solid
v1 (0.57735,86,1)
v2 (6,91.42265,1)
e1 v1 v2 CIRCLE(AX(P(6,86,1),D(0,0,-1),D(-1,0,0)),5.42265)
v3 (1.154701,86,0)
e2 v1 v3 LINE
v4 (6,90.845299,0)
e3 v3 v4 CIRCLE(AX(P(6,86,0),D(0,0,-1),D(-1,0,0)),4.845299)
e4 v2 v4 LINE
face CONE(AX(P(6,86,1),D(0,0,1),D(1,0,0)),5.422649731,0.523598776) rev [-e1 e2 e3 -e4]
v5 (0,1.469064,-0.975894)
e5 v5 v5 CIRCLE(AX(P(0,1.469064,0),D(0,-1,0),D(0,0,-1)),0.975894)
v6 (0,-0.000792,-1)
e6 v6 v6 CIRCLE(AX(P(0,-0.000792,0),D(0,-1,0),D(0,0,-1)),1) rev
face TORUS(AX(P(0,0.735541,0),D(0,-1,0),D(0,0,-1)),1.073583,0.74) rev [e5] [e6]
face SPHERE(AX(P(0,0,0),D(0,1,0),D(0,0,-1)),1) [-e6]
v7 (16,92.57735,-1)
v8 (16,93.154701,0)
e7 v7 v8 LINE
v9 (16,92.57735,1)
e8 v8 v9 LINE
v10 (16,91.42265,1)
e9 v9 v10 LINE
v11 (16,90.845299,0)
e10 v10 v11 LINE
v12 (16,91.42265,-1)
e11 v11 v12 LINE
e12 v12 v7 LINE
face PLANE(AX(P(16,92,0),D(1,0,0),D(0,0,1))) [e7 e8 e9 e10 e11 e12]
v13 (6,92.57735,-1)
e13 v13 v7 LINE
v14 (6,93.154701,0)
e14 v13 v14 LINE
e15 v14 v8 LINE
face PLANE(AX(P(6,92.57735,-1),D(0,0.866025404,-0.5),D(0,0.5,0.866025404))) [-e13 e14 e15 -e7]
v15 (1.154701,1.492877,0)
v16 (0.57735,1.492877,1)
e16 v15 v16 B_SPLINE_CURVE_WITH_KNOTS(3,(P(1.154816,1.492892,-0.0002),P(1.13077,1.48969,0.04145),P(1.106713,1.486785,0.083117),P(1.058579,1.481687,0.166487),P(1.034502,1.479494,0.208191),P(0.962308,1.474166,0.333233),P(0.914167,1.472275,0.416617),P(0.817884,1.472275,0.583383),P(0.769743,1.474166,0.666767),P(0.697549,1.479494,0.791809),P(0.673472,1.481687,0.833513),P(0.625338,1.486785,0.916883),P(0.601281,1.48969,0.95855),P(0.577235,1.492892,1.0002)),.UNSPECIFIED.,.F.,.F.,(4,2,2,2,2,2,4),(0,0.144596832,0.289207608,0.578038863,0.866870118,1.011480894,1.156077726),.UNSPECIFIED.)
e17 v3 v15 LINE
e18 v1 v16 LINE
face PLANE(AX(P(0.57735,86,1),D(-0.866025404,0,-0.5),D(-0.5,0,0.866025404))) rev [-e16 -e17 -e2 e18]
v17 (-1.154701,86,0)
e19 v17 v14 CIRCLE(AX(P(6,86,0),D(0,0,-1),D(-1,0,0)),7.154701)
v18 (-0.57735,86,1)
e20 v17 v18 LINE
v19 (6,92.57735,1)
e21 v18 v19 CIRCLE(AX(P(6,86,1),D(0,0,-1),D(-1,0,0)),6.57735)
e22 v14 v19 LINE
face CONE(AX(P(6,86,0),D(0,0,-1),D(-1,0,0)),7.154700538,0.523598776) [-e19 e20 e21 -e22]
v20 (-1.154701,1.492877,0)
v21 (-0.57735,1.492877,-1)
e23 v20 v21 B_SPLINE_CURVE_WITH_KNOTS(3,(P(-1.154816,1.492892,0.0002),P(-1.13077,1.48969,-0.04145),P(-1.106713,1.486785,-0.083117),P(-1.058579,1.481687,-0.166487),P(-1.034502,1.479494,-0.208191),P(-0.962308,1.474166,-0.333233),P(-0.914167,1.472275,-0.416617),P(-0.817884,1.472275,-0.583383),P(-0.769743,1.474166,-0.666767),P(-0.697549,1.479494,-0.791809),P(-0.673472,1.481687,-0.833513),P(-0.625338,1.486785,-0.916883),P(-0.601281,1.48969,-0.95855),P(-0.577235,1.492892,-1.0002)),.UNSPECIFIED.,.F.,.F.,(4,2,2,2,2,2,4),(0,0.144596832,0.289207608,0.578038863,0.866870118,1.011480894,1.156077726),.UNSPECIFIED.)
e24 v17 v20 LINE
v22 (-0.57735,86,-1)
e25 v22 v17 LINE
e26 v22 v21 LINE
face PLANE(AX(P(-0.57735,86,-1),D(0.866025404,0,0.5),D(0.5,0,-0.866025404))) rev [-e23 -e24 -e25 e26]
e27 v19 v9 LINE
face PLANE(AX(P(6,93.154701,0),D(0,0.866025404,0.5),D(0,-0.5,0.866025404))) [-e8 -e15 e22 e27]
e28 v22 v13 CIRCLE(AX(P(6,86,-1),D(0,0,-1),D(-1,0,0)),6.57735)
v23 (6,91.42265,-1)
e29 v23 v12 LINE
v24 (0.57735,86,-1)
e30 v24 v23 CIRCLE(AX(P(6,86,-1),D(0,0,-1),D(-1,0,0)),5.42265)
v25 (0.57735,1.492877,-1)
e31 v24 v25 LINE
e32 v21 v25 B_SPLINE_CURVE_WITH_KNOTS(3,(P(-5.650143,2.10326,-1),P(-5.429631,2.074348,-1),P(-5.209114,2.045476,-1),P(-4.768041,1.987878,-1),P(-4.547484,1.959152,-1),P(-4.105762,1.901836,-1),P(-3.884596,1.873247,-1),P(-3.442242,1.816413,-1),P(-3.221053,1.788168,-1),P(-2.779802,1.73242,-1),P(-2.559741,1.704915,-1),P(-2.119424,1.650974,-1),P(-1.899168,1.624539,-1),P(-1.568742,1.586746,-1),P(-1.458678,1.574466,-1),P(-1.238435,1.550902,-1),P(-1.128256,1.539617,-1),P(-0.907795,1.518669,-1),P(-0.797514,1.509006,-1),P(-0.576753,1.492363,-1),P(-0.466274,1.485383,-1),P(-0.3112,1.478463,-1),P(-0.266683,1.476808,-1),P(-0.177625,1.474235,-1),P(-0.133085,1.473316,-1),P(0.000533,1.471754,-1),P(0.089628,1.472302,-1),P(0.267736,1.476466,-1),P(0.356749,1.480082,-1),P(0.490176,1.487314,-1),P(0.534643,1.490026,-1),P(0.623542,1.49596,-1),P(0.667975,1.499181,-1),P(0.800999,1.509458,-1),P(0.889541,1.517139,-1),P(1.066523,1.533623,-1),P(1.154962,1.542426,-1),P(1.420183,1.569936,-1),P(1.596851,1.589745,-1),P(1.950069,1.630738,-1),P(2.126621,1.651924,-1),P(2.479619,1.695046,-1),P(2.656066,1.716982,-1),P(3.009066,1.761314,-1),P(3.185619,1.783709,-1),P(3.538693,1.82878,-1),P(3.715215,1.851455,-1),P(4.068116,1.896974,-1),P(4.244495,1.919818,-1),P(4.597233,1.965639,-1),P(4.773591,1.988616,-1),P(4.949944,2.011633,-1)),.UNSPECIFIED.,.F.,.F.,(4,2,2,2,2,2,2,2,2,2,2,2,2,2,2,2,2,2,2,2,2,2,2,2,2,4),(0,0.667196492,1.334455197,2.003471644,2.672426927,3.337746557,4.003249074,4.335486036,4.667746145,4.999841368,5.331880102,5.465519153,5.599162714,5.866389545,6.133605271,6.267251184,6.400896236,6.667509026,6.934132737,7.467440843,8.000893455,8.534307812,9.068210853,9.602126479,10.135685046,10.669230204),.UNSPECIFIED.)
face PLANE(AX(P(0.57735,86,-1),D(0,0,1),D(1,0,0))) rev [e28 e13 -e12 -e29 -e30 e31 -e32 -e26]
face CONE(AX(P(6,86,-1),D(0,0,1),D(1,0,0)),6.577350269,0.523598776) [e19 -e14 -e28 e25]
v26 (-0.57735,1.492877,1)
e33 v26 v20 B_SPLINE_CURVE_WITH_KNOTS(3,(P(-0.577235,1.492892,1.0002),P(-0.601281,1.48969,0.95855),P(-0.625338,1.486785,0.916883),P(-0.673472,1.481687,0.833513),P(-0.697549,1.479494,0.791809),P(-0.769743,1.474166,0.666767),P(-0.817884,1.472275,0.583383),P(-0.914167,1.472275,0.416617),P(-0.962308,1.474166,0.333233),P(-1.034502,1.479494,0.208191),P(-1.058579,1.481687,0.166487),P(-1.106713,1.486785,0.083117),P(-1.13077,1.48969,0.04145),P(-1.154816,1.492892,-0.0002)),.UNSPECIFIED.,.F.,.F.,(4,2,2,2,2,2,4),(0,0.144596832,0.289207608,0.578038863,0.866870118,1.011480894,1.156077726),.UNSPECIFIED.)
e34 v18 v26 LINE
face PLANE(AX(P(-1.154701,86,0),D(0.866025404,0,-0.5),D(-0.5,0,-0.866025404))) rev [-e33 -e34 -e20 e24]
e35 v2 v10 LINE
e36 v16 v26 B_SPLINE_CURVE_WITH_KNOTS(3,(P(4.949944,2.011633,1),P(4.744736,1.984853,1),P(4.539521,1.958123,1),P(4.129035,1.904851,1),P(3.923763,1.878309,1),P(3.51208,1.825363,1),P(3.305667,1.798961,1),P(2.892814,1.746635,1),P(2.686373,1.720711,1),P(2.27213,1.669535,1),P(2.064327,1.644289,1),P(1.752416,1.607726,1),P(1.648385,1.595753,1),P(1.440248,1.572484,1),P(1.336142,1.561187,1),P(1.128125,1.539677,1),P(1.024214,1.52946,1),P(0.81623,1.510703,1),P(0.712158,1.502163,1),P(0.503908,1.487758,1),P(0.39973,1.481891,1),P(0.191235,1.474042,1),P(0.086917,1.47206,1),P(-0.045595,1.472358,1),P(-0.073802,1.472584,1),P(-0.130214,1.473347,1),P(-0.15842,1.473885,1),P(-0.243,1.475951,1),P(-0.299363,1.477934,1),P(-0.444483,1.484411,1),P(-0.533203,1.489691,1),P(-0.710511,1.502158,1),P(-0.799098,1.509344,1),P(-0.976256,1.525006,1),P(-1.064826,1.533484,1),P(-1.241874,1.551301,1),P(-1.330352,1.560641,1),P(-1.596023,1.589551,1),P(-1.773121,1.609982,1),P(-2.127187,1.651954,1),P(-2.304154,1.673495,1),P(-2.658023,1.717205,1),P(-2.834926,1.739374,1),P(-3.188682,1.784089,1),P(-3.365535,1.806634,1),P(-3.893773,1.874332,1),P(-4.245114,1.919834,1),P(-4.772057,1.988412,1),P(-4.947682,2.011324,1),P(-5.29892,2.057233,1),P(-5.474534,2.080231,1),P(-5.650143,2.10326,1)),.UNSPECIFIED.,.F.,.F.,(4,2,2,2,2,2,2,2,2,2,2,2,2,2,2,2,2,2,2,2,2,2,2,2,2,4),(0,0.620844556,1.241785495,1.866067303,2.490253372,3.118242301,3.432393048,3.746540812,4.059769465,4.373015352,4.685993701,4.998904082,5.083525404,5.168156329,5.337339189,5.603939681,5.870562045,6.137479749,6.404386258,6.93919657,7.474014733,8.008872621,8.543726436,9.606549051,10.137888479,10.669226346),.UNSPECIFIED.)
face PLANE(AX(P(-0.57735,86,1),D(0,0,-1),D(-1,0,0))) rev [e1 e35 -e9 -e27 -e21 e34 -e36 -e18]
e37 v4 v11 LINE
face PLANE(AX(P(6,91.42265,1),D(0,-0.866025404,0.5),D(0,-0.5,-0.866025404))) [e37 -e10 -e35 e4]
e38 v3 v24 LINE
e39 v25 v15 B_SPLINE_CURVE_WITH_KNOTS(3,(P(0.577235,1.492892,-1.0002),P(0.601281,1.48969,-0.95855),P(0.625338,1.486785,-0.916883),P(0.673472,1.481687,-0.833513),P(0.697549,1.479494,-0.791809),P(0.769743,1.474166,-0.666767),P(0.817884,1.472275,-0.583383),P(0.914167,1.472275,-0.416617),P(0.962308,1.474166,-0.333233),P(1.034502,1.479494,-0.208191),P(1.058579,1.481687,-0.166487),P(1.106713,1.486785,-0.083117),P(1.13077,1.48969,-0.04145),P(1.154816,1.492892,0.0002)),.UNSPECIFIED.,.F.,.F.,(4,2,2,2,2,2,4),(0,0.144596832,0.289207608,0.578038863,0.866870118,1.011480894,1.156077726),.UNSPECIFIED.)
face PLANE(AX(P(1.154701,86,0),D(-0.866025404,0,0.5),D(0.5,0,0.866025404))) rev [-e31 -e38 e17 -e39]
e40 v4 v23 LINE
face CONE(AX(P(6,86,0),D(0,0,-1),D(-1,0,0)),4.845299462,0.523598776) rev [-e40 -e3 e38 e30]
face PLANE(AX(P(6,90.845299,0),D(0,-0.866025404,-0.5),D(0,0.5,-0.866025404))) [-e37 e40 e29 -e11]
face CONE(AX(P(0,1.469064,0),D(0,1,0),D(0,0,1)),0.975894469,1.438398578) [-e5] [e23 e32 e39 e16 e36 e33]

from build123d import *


with BuildPart() as part:
    # Austragung4: sweep along a path in Skizze1
    with BuildLine(Plane.XY) as austragung4_path:
        Line((0, 0), (0, 86))
        ThreePointArc((0, 86), (1.7573593128807152, 90.24264068711929), (6, 92.00000000000001))
        Line((6, 92.00000000000001), (16, 92))
    # Skizze3 → Austragung4 (sweep)
    with BuildSketch(Plane(origin=(0, 0, 0), x_dir=(1, 0, 0), z_dir=(0, 1, 0))):
        Polygon((-0.5773502691896251, 1), (-1.1547005383792512, -1.7e-16), (-0.577350269189625, -1.0000000000000009), (0.5773502691896264, -1.0000000000000007), (1.1547005383792524, -2.9e-16), (0.5773502691896265, 1), align=None)
    sweep(path=austragung4_path.line)

    # Skizze6 → Rotation5 (revolve)
    with BuildSketch(Plane(origin=(0, 0, 0), x_dir=(0, 0, -1), z_dir=(1, 0, 0))):
        with BuildLine():
            Line((1.08e-15, -1.0000000000000007), (1.08e-15, 1.0000000000000007))
            ThreePointArc((1.08e-15, 1.0000000000000007), (1.0000000000000007, 0), (1.08e-15, -1.0000000000000007))
        make_face()
    revolve(axis=Axis((0, 7.810357944094903, -1.48e-15), (0, -1, 0)))

    # Skizze8 → Schnitt-Rotation1 (revolve, cut)
    with BuildSketch(Plane.XY, mode=Mode.PRIVATE) as schnitt_rotation1_sk:
        with BuildLine():
            Line((-3.0586465116527903, -0.25356146909949984), (-1.1547005383792512, 0))
            ThreePointArc((-1.1547005383792512, 0), (-0.33900397376978075, 0.6461318381885482), (-0.9758944689717856, 1.469064238181372))
            Line((-0.9758944689717856, 1.469064238181372), (-3.0586465116527903, 1.7464385309005002))
            Line((-3.0586465116527903, 1.7464385309005002), (-3.0586465116527903, -0.25356146909949984))
        make_face()
    revolve(schnitt_rotation1_sk.sketch.rotate(Axis((0, 0, 0), (0, 1, 0)), 270), axis=Axis((0, 0, 0), (0, 1, 0)), mode=Mode.SUBTRACT)


solid = part.part
